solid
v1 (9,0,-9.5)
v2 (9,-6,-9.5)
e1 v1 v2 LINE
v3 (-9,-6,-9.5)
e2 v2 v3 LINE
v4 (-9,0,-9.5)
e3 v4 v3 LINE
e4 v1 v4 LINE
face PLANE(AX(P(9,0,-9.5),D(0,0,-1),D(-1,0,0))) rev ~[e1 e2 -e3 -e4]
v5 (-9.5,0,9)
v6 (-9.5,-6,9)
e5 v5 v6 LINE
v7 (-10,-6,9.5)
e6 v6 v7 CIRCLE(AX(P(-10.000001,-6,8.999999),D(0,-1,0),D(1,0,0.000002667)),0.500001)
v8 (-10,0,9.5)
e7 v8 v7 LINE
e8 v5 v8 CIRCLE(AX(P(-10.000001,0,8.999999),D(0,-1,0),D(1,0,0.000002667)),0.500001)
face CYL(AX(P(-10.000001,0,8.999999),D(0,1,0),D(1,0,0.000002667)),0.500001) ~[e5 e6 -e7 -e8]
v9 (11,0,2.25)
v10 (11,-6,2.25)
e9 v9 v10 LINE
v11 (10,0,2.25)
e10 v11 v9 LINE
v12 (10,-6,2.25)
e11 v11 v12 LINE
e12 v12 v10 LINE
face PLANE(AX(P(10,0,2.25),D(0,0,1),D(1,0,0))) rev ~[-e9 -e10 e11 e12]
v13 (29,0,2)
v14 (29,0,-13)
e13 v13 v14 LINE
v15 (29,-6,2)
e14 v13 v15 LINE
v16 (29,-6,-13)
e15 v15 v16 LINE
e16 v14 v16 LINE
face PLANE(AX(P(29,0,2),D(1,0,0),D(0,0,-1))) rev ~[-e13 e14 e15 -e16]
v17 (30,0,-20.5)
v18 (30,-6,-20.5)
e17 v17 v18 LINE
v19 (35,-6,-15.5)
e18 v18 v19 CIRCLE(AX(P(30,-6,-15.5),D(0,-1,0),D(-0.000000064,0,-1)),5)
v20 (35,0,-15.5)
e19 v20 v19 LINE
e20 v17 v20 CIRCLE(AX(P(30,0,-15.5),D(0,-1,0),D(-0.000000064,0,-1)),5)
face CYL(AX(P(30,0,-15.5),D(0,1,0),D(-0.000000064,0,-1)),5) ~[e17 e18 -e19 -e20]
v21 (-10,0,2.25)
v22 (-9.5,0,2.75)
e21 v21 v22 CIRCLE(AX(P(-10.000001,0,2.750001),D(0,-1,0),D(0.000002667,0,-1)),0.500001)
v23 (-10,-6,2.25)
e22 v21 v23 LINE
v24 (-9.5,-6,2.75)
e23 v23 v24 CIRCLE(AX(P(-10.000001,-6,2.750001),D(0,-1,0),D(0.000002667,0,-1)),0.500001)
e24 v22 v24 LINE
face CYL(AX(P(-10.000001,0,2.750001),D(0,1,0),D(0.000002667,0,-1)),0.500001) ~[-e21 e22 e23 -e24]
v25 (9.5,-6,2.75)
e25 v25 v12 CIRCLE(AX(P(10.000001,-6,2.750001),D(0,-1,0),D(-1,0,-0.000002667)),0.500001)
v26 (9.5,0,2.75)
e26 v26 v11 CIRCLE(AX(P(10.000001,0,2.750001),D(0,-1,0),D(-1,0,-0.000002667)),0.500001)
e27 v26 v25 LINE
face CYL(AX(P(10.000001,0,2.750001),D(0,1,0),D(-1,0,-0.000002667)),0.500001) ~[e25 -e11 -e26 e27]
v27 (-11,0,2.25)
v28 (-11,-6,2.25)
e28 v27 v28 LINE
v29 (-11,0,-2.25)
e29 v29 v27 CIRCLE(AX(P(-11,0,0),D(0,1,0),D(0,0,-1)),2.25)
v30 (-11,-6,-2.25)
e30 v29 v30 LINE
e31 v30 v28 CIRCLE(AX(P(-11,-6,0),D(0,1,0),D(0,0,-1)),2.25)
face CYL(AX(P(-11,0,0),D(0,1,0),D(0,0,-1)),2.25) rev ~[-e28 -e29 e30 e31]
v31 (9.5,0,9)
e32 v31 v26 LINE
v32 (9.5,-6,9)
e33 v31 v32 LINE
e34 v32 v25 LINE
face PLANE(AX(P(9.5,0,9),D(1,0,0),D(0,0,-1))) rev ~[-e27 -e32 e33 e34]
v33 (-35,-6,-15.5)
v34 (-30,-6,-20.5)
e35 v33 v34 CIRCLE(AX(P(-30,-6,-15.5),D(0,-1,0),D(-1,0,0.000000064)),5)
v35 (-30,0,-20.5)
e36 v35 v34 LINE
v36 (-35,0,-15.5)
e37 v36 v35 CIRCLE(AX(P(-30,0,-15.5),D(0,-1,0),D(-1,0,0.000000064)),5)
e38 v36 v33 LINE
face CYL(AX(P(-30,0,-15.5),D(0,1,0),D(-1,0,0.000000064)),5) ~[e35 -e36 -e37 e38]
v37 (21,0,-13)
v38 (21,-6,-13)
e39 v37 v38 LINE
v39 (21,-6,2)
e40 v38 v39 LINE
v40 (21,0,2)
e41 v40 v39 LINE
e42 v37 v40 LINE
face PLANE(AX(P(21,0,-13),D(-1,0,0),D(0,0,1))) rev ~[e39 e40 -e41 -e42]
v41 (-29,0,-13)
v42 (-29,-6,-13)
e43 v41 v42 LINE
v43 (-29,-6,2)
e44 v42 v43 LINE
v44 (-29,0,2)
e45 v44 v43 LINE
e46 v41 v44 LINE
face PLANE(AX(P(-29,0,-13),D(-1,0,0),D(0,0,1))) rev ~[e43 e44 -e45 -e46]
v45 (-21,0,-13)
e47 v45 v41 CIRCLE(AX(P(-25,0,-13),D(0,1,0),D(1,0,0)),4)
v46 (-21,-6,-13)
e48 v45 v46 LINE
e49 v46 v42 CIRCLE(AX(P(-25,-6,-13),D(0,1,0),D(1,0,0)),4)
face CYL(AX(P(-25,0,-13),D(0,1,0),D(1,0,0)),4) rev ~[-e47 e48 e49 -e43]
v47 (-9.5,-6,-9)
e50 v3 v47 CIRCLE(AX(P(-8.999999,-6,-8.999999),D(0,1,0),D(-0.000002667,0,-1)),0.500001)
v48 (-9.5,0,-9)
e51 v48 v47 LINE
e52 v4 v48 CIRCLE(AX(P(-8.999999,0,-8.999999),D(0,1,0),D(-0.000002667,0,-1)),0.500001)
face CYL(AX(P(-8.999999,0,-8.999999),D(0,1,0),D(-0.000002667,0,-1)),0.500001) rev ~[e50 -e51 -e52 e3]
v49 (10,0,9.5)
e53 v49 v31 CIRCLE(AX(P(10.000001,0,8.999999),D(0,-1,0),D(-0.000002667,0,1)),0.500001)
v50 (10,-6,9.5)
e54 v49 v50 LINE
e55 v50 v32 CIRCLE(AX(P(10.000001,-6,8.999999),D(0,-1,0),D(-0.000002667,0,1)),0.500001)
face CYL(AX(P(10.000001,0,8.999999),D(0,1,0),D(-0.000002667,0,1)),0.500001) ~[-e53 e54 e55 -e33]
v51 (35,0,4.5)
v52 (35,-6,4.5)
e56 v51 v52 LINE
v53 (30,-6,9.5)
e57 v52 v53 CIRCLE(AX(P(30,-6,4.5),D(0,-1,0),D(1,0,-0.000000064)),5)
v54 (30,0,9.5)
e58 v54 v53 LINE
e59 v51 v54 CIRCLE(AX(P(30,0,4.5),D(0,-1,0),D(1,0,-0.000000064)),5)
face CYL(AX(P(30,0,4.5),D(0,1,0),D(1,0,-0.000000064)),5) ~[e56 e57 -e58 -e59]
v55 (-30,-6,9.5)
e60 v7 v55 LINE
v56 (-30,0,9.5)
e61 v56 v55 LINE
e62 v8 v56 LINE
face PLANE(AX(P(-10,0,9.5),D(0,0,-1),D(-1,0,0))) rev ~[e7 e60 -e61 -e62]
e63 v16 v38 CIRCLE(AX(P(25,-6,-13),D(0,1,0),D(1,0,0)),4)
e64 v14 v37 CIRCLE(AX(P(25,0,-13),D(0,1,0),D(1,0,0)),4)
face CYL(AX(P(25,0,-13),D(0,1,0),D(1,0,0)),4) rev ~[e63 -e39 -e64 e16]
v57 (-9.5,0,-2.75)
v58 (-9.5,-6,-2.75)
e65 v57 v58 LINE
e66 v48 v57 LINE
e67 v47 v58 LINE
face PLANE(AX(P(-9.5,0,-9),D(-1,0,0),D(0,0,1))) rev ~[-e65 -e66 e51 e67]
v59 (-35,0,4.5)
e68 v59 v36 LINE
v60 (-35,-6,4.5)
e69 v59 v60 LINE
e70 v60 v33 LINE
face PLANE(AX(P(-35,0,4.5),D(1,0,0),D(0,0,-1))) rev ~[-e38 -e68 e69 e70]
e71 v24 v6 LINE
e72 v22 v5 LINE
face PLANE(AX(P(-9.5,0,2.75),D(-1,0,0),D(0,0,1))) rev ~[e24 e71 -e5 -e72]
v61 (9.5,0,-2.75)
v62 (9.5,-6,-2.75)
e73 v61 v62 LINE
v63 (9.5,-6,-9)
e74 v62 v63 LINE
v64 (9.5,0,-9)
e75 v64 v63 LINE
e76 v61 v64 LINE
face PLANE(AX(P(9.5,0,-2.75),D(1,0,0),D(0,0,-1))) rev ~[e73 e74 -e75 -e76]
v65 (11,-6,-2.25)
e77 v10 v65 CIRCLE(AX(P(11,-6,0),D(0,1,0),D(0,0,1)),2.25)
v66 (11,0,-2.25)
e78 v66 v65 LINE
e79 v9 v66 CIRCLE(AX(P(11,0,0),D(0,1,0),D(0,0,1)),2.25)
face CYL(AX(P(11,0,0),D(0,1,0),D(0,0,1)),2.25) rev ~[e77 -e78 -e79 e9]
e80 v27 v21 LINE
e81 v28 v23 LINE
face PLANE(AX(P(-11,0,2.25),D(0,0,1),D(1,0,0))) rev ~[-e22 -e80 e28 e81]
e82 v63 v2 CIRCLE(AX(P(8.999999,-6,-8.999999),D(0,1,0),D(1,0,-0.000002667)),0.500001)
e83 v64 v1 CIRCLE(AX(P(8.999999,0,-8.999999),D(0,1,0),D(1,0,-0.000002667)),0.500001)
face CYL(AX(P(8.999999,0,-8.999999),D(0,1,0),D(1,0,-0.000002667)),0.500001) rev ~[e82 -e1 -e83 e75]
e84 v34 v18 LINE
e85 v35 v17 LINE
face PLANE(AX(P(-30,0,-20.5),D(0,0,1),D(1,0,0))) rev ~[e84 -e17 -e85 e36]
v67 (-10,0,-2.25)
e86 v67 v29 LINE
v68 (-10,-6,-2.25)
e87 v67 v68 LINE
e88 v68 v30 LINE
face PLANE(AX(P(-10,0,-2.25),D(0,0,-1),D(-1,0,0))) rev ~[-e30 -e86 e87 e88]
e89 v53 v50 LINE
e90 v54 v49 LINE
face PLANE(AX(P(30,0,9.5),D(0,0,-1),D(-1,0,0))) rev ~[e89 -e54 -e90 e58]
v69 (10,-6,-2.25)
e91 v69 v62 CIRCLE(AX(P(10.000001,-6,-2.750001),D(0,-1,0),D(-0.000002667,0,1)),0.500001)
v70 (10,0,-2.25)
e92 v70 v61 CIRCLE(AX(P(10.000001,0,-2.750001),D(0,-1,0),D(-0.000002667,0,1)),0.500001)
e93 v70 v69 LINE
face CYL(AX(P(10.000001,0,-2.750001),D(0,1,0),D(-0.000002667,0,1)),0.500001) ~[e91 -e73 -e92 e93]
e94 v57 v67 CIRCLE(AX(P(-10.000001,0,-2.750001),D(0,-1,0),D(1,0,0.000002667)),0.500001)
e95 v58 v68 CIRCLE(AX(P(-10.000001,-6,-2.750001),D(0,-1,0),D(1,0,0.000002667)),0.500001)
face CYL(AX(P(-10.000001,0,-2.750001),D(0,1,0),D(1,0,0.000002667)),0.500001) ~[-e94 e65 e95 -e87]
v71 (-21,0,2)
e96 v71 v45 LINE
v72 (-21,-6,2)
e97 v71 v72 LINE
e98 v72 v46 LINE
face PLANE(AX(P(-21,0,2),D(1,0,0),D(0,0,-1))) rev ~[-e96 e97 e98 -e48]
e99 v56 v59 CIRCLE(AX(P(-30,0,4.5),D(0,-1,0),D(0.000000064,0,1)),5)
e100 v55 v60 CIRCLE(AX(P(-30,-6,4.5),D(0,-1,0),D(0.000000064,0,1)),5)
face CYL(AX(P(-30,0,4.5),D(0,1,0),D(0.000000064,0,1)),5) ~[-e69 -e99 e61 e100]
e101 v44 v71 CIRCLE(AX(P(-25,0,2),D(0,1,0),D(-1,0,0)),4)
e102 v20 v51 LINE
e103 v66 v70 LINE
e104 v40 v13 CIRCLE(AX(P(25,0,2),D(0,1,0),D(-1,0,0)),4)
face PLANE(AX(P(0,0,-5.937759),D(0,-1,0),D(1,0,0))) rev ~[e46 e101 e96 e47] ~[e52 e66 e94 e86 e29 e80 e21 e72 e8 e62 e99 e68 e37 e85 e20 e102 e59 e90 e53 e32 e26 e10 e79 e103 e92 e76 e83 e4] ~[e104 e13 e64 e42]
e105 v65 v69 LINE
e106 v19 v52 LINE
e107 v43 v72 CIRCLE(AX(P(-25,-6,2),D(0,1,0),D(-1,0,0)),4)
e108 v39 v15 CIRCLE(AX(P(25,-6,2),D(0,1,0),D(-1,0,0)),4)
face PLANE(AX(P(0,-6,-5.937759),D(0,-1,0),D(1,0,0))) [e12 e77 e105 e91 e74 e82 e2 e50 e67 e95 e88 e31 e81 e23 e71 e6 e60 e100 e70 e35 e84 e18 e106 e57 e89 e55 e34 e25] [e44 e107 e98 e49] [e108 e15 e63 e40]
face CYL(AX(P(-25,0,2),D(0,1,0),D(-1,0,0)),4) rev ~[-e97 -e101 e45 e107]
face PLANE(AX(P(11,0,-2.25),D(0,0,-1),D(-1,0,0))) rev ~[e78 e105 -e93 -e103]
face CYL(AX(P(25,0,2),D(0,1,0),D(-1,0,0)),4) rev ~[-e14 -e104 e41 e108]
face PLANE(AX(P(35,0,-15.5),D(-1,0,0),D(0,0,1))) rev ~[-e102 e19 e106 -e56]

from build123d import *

# Parameters (mm, degrees)
F1_DEPTH = 6


with BuildPart() as f1:
    # F0 (on Front) → F1 (new body)
    with BuildSketch(Plane.XZ):
        with BuildLine():
            Line((0, -9.5), (-9, -9.5))
            ThreePointArc((-9, -9.5), (-9.353553, -9.353553), (-9.5, -9))
            Line((-9.5, -9), (-9.5, -2.75))
            ThreePointArc((-9.5, -2.75), (-9.646447, -2.396447), (-10, -2.25))
            Line((-10, -2.25), (-11, -2.25))
            ThreePointArc((-11, -2.25), (-13.25, 0), (-11, 2.25))
            Line((-11, 2.25), (-10, 2.25))
            ThreePointArc((-10, 2.25), (-9.646447, 2.396447), (-9.5, 2.75))
            Line((-9.5, 2.75), (-9.5, 9))
            ThreePointArc((-9.5, 9), (-9.646447, 9.353553), (-10, 9.5))
            Line((-10, 9.5), (-30, 9.5))
            ThreePointArc((-30, 9.5), (-33.535534, 8.035534), (-35, 4.5))
            Line((-35, 4.5), (-35, -15.5))
            ThreePointArc((-35, -15.5), (-33.535534, -19.035534), (-30, -20.5))
            Line((-30, -20.5), (0, -20.5))
            Line((0, -20.5), (30, -20.5))
            ThreePointArc((30, -20.5), (33.535534, -19.035534), (35, -15.5))
            Line((35, -15.5), (35, 4.5))
            ThreePointArc((35, 4.5), (33.535534, 8.035534), (30, 9.5))
            Line((30, 9.5), (10, 9.5))
            ThreePointArc((10, 9.5), (9.646447, 9.353553), (9.5, 9))
            Line((9.5, 9), (9.5, 2.75))
            ThreePointArc((9.5, 2.75), (9.646447, 2.396447), (10, 2.25))
            Line((10, 2.25), (11, 2.25))
            ThreePointArc((11, 2.25), (13.25, 0), (11, -2.25))
            Line((11, -2.25), (10, -2.25))
            ThreePointArc((10, -2.25), (9.646447, -2.396447), (9.5, -2.75))
            Line((9.5, -2.75), (9.5, -9))
            ThreePointArc((9.5, -9), (9.353553, -9.353553), (9, -9.5))
            Line((9, -9.5), (0, -9.5))
        make_face()
        with BuildLine():
            Line((-29, -13), (-29, 2))
            ThreePointArc((-29, 2), (-25, 6), (-21, 2))
            Line((-21, 2), (-21, -13))
            ThreePointArc((-21, -13), (-25, -17), (-29, -13))
        make_face(mode=Mode.SUBTRACT)
        with BuildLine():
            ThreePointArc((21, 2), (25, 6), (29, 2))
            Line((29, 2), (29, -13))
            ThreePointArc((29, -13), (25, -17), (21, -13))
            Line((21, -13), (21, 2))
        make_face(mode=Mode.SUBTRACT)
    extrude(amount=F1_DEPTH)


solid = f1.part
